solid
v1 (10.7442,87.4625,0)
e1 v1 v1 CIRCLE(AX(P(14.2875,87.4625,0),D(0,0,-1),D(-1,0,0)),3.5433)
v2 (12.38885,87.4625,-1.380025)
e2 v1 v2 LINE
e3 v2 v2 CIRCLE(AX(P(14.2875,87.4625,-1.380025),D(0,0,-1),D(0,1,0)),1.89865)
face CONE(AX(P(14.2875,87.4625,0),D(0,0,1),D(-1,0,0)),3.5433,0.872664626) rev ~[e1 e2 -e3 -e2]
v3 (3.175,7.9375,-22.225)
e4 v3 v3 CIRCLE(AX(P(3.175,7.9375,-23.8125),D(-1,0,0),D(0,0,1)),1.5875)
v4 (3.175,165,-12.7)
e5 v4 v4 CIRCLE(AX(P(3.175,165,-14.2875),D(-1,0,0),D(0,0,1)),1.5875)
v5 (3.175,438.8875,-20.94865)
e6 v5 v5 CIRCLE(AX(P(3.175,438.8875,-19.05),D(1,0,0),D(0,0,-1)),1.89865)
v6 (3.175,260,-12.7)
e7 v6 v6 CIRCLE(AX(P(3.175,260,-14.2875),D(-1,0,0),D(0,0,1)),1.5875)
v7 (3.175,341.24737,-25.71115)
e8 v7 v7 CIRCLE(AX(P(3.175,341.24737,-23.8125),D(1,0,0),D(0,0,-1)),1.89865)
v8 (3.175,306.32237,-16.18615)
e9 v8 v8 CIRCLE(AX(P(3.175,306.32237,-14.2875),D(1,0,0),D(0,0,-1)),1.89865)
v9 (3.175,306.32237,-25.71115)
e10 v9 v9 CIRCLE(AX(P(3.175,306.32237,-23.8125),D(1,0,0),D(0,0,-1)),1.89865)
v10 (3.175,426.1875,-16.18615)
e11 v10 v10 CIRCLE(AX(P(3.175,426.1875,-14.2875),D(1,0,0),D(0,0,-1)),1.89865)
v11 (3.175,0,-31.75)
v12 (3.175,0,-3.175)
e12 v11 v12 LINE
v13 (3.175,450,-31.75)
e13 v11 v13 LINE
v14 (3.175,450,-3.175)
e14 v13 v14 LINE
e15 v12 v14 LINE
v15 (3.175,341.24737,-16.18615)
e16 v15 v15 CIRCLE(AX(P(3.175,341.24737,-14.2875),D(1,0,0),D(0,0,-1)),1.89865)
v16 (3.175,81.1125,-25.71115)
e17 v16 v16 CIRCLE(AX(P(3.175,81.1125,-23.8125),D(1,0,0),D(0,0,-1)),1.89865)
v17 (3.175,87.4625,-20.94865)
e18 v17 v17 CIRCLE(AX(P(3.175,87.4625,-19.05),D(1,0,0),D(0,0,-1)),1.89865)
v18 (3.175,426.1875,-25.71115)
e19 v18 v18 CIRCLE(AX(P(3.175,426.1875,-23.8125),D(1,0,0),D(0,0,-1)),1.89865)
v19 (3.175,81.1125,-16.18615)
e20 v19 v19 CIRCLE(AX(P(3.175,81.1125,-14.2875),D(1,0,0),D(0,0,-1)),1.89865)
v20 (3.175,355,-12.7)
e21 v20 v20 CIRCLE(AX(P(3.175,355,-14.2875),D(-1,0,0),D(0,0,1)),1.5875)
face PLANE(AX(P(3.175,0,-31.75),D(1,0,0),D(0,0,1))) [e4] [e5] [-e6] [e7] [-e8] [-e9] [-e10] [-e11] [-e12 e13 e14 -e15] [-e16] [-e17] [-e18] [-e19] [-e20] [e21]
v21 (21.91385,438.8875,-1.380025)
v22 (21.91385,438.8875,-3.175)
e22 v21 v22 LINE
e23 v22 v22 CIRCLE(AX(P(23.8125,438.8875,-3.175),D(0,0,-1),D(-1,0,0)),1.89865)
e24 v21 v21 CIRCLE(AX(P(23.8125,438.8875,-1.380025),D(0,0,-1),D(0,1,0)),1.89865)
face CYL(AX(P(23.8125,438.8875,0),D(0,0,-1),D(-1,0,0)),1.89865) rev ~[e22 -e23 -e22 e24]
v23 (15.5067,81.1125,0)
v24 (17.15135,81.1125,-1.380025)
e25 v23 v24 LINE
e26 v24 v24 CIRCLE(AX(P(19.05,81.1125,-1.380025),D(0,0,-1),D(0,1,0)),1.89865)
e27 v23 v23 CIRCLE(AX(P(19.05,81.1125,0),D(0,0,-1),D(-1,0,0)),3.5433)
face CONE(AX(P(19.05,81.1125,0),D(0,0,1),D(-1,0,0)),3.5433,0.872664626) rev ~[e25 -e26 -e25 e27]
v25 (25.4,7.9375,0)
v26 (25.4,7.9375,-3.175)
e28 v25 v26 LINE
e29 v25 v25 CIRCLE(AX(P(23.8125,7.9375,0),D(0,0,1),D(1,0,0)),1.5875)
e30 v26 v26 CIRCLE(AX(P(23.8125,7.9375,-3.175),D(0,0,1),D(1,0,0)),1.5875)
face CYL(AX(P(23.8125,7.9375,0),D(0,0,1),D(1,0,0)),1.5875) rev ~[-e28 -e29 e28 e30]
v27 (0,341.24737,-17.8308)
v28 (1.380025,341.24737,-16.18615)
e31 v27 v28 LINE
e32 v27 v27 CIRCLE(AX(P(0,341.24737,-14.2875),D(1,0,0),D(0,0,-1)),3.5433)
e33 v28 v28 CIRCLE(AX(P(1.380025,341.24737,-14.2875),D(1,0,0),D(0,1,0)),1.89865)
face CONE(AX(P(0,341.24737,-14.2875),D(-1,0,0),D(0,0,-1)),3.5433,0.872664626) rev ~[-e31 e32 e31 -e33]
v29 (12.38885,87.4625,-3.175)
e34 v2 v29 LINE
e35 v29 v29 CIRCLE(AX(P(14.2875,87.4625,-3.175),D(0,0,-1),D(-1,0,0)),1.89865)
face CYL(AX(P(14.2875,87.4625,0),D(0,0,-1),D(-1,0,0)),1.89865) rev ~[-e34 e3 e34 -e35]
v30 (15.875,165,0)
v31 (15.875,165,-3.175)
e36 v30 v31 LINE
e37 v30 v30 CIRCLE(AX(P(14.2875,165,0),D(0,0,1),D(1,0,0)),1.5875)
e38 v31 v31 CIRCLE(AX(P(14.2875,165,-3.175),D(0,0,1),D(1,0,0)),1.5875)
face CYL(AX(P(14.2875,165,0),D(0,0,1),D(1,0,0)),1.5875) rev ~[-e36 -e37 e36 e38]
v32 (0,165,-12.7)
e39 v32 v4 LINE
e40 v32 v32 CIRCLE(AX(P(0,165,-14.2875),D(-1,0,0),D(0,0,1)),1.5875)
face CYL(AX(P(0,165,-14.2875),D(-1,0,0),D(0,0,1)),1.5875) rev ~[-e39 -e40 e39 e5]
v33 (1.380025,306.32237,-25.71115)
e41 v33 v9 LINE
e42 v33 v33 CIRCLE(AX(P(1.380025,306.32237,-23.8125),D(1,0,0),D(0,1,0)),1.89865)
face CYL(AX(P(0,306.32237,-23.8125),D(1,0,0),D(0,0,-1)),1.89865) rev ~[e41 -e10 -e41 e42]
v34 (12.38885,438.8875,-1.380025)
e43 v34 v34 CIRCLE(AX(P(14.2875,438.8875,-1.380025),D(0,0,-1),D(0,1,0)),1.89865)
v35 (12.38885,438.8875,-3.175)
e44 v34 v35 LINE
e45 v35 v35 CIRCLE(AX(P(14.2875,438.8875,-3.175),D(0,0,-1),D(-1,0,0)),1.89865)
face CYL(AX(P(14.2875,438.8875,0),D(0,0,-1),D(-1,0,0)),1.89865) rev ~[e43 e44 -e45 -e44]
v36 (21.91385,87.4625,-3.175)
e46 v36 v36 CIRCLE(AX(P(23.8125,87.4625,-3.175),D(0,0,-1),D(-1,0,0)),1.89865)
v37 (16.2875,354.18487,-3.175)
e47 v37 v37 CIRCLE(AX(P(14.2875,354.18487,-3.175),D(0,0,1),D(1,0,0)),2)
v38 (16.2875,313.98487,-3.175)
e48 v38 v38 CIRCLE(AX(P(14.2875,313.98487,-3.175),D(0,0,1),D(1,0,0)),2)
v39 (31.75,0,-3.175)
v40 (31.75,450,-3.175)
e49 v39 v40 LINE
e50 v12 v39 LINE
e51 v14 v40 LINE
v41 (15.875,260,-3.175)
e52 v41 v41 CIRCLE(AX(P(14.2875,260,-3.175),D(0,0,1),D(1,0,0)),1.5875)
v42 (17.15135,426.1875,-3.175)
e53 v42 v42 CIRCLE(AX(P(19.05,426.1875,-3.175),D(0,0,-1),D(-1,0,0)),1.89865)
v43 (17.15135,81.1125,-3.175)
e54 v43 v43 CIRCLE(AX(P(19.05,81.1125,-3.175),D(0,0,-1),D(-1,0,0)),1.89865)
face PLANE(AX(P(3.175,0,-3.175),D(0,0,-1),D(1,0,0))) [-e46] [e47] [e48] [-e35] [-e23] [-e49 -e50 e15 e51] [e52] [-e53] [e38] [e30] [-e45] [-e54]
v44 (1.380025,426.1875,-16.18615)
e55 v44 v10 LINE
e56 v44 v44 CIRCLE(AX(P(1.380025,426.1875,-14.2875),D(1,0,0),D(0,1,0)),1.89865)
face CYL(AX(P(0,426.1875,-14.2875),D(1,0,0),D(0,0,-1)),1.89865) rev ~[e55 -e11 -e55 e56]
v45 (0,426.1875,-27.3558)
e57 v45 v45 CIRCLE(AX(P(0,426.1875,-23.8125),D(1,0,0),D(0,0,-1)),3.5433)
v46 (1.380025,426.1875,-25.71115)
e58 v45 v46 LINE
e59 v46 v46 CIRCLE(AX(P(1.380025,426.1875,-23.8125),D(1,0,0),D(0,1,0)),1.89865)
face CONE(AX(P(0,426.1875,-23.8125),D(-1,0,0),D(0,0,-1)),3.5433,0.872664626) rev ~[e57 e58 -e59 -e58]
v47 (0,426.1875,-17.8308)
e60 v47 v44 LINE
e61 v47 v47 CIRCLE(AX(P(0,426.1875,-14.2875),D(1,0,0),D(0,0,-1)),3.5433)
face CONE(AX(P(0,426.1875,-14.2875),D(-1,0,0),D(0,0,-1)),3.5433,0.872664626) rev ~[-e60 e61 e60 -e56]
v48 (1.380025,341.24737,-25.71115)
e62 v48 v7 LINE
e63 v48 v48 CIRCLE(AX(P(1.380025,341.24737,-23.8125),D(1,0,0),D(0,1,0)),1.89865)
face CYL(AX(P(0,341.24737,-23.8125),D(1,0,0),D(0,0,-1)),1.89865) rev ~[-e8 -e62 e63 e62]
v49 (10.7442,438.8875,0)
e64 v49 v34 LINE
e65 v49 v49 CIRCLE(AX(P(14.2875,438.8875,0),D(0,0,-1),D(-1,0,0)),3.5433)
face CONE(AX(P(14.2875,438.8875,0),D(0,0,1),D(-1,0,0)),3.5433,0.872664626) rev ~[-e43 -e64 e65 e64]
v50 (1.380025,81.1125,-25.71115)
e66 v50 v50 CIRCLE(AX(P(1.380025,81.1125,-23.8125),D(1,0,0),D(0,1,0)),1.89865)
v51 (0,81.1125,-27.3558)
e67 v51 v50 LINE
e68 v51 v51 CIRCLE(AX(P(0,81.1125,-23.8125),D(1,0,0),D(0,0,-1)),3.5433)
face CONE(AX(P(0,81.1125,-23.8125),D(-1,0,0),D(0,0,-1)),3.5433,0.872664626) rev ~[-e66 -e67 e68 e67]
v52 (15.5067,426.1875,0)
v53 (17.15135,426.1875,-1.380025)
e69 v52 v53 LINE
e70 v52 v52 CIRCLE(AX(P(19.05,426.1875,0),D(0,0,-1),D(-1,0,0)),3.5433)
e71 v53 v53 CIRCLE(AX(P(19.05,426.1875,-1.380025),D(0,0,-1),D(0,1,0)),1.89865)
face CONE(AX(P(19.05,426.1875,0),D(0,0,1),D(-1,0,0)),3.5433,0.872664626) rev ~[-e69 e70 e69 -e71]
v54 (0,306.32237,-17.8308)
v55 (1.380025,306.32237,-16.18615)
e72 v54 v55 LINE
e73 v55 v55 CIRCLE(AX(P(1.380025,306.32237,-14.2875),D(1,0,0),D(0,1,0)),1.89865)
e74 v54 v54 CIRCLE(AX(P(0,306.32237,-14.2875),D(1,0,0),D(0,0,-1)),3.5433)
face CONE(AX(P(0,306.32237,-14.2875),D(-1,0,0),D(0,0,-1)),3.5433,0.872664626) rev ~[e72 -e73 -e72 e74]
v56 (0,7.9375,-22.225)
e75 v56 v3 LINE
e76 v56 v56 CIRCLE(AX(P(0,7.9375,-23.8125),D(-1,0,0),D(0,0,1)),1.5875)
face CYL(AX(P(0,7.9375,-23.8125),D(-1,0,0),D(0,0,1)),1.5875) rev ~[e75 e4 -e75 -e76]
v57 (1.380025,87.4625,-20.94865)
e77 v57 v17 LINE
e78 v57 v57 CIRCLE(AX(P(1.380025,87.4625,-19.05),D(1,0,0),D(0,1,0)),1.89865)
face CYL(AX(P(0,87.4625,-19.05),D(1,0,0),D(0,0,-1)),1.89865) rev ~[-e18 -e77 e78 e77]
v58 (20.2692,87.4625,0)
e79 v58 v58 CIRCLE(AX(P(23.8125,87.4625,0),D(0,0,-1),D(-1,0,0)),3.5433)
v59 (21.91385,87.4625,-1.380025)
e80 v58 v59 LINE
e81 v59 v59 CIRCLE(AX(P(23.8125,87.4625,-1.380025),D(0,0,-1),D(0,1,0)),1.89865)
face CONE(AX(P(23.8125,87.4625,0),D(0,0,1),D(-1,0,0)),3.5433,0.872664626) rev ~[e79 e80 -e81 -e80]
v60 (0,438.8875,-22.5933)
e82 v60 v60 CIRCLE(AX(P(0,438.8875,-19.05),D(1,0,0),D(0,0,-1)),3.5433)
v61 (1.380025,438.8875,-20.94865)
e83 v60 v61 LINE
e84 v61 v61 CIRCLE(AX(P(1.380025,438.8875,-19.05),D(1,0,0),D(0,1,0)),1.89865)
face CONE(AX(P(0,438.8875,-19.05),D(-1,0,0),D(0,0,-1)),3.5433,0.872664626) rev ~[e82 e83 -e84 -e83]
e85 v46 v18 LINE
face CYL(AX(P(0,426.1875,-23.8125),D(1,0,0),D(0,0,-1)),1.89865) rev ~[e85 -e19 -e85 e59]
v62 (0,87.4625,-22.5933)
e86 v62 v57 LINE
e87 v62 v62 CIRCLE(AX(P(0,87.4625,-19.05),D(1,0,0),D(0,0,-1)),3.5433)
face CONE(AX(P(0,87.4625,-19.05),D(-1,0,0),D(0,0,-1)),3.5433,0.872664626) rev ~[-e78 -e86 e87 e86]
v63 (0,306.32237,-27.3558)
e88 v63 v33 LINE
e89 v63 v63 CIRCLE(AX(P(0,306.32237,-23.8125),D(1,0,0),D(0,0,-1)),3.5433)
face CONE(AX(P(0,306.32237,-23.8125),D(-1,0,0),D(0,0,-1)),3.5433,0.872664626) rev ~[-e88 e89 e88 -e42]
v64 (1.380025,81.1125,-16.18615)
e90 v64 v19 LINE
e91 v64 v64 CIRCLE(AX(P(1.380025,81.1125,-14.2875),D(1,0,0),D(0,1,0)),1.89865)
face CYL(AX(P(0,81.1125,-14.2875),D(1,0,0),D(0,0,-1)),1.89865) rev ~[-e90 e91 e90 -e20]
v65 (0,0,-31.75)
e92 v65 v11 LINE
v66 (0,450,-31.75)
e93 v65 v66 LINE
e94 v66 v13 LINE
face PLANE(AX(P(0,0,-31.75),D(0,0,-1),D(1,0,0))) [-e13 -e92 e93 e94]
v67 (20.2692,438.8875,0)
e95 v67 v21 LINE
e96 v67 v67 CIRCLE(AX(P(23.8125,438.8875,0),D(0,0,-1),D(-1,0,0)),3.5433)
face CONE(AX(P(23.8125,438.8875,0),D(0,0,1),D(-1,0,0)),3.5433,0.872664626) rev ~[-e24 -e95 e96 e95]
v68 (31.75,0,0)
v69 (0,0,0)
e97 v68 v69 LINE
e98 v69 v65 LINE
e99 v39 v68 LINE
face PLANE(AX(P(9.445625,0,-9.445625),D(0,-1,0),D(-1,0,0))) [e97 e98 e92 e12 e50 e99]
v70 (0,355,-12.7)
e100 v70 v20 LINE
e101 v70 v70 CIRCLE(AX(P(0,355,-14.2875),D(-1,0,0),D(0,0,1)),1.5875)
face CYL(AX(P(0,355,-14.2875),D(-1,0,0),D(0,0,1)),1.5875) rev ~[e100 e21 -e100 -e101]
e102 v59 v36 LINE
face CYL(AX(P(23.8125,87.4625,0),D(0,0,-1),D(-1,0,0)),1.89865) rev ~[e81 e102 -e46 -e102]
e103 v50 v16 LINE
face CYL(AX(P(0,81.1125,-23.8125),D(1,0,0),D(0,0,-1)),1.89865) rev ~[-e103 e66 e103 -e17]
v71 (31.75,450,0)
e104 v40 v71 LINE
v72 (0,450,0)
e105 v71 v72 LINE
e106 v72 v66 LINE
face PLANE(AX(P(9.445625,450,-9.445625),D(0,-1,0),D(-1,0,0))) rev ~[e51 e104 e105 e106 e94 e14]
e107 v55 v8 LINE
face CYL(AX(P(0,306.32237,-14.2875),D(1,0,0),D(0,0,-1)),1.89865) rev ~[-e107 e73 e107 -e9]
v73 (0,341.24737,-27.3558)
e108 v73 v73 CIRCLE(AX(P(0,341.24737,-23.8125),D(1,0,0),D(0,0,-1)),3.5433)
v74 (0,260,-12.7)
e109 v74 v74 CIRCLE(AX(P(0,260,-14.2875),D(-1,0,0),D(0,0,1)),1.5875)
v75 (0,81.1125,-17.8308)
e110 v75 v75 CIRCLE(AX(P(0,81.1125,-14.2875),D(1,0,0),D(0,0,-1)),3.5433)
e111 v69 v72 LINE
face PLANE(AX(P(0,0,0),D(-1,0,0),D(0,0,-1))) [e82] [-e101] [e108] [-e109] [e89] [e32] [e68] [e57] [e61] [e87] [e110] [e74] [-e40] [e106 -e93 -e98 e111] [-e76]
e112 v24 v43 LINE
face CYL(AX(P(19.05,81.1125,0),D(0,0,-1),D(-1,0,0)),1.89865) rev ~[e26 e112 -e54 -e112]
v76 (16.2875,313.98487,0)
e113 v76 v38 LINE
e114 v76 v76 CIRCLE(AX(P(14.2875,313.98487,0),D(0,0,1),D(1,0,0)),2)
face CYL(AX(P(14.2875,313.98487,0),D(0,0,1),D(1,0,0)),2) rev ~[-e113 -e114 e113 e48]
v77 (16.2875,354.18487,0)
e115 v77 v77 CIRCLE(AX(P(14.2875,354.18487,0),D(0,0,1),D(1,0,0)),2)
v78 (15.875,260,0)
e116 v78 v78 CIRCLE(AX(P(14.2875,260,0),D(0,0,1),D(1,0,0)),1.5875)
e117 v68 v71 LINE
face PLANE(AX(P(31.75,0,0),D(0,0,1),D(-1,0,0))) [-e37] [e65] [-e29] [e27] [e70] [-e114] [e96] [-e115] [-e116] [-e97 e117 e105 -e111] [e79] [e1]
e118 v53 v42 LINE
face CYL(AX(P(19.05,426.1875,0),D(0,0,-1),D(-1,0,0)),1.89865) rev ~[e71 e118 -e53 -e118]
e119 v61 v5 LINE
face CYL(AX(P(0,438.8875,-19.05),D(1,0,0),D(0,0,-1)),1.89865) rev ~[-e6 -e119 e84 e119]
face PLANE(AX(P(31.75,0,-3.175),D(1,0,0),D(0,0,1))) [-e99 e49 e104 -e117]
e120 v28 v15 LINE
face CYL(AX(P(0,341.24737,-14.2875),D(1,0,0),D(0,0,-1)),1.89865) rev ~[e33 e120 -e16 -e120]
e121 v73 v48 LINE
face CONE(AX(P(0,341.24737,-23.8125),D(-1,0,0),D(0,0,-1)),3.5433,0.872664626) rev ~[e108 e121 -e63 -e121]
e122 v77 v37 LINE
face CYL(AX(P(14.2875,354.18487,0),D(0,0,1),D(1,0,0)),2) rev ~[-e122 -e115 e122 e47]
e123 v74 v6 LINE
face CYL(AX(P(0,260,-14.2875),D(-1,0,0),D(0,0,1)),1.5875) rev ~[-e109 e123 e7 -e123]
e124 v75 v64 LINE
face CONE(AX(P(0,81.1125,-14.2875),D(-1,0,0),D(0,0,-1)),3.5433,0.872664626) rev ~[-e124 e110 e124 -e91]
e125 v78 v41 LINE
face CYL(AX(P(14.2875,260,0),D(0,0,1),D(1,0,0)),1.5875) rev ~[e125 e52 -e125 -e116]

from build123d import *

# Parameters (mm, degrees)
BOSS_EXTRUDE1_DEPTH                               = 450
FRONTSIDEHOLES_SKETCH3_R                          = 1.5875
FRONTSIDEHOLES_SKETCH3_R_2                        = 2
FRONTSIDEHOLES_CUT_EXTRUDE1_DEPTH                 = 3.175
LEFTSIDEHOLES_SKETCH4_R                           = 1.5875
LEFTSIDEHOLES_CUT_EXTRUDE2_DEPTH                  = 3.175
CSK_FOR_6_FLAT_HEAD_MACHINE_SCREW_100_D           = 3.7973
CSK_FOR_6_FLAT_HEAD_MACHINE_SCREW_100_CSINK_D     = 7.0866
CSK_FOR_6_FLAT_HEAD_MACHINE_SCREW_100_CSINK_ANGLE = 100
CSK_FOR_6_FLAT_HEAD_MACHINE_SCREW_2_D             = 3.7973
CSK_FOR_6_FLAT_HEAD_MACHINE_SCREW_2_CSINK_D       = 7.0866
CSK_FOR_6_FLAT_HEAD_MACHINE_SCREW_2_CSINK_ANGLE   = 100


with BuildPart() as part:
    # Sketch2 → Boss-Extrude1 (new body)
    with BuildSketch(Plane(origin=(0, 0, 0), x_dir=(1, 0, 0), z_dir=(0, 1, 0))):
        Polygon((0, 31.75), (3.175, 31.75), (3.175, 3.175), (31.75, 3.175), (31.75, 0), (0, 0), align=None)
    extrude(amount=BOSS_EXTRUDE1_DEPTH)

    # FrontSideHoles-Sketch3 → FrontSideHoles-Cut-Extrude1 (cut)
    with BuildSketch(Plane.XY):
        with Locations((19.05, 81.1125)):
            Circle(FRONTSIDEHOLES_SKETCH3_R)
        with Locations((14.2875, 87.4625)):
            Circle(FRONTSIDEHOLES_SKETCH3_R)
        with Locations((23.8125, 87.4625)):
            Circle(FRONTSIDEHOLES_SKETCH3_R)
        with Locations((14.2875, 438.8875)):
            Circle(FRONTSIDEHOLES_SKETCH3_R)
        with Locations((23.8125, 438.8875)):
            Circle(FRONTSIDEHOLES_SKETCH3_R)
        with Locations((19.05, 426.1875)):
            Circle(FRONTSIDEHOLES_SKETCH3_R)
        with Locations((14.2875, 354.18487)):
            Circle(FRONTSIDEHOLES_SKETCH3_R_2)
        with Locations((14.2875, 313.98487)):
            Circle(FRONTSIDEHOLES_SKETCH3_R_2)
        with Locations((14.2875, 260)):
            Circle(FRONTSIDEHOLES_SKETCH3_R)
        with Locations((14.2875, 165)):
            Circle(FRONTSIDEHOLES_SKETCH3_R)
        with Locations((23.8125, 7.9375)):
            Circle(FRONTSIDEHOLES_SKETCH3_R)
    extrude(amount=-FRONTSIDEHOLES_CUT_EXTRUDE1_DEPTH, mode=Mode.SUBTRACT)

    # LeftSideHoles-Sketch4 → LeftSideHoles-Cut-Extrude2 (cut)
    with BuildSketch(Plane.ZY):
        with Locations((-23.8125, 81.1125)):
            Circle(LEFTSIDEHOLES_SKETCH4_R)
        with Locations((-14.2875, 81.1125)):
            Circle(LEFTSIDEHOLES_SKETCH4_R)
        with Locations((-19.05, 87.4625)):
            Circle(LEFTSIDEHOLES_SKETCH4_R)
        with Locations((-19.05, 438.8875)):
            Circle(LEFTSIDEHOLES_SKETCH4_R)
        with Locations((-23.8125, 426.1875)):
            Circle(LEFTSIDEHOLES_SKETCH4_R)
        with Locations((-14.2875, 426.1875)):
            Circle(LEFTSIDEHOLES_SKETCH4_R)
        with Locations((-23.8125, 341.24737)):
            Circle(LEFTSIDEHOLES_SKETCH4_R)
        with Locations((-14.2875, 341.24737)):
            Circle(LEFTSIDEHOLES_SKETCH4_R)
        with Locations((-23.8125, 306.32237)):
            Circle(LEFTSIDEHOLES_SKETCH4_R)
        with Locations((-14.2875, 306.32237)):
            Circle(LEFTSIDEHOLES_SKETCH4_R)
        with Locations((-23.8125, 7.9375)):
            Circle(LEFTSIDEHOLES_SKETCH4_R)
        with Locations((-14.2875, 165)):
            Circle(LEFTSIDEHOLES_SKETCH4_R)
        with Locations((-14.2875, 260)):
            Circle(LEFTSIDEHOLES_SKETCH4_R)
        with Locations((-14.2875, 355)):
            Circle(LEFTSIDEHOLES_SKETCH4_R)
    extrude(amount=-LEFTSIDEHOLES_CUT_EXTRUDE2_DEPTH, mode=Mode.SUBTRACT)

    # CSK for _6 Flat Head Machine Screw _100 (through all)
    with Locations(Plane.XY):
        with Locations((14.2875, 87.4625), (19.05, 81.1125), (23.8125, 87.4625), (19.05, 426.1875), (14.2875, 438.8875), (23.8125, 438.8875)):
            CounterSinkHole(CSK_FOR_6_FLAT_HEAD_MACHINE_SCREW_100_D / 2, CSK_FOR_6_FLAT_HEAD_MACHINE_SCREW_100_CSINK_D / 2, counter_sink_angle=CSK_FOR_6_FLAT_HEAD_MACHINE_SCREW_100_CSINK_ANGLE)

    # CSK for _6 Flat Head Machine Screw _ 2 (through all)
    with Locations(Plane.ZY):
        with Locations((-19.05, 87.4625), (-23.8125, 81.1125), (-14.2875, 81.1125), (-23.8125, 341.24737), (-14.2875, 341.24737), (-14.2875, 306.32237), (-23.8125, 306.32237), (-23.8125, 426.1875), (-14.2875, 426.1875), (-19.05, 438.8875)):
            CounterSinkHole(CSK_FOR_6_FLAT_HEAD_MACHINE_SCREW_2_D / 2, CSK_FOR_6_FLAT_HEAD_MACHINE_SCREW_2_CSINK_D / 2, counter_sink_angle=CSK_FOR_6_FLAT_HEAD_MACHINE_SCREW_2_CSINK_ANGLE)


solid = part.part
